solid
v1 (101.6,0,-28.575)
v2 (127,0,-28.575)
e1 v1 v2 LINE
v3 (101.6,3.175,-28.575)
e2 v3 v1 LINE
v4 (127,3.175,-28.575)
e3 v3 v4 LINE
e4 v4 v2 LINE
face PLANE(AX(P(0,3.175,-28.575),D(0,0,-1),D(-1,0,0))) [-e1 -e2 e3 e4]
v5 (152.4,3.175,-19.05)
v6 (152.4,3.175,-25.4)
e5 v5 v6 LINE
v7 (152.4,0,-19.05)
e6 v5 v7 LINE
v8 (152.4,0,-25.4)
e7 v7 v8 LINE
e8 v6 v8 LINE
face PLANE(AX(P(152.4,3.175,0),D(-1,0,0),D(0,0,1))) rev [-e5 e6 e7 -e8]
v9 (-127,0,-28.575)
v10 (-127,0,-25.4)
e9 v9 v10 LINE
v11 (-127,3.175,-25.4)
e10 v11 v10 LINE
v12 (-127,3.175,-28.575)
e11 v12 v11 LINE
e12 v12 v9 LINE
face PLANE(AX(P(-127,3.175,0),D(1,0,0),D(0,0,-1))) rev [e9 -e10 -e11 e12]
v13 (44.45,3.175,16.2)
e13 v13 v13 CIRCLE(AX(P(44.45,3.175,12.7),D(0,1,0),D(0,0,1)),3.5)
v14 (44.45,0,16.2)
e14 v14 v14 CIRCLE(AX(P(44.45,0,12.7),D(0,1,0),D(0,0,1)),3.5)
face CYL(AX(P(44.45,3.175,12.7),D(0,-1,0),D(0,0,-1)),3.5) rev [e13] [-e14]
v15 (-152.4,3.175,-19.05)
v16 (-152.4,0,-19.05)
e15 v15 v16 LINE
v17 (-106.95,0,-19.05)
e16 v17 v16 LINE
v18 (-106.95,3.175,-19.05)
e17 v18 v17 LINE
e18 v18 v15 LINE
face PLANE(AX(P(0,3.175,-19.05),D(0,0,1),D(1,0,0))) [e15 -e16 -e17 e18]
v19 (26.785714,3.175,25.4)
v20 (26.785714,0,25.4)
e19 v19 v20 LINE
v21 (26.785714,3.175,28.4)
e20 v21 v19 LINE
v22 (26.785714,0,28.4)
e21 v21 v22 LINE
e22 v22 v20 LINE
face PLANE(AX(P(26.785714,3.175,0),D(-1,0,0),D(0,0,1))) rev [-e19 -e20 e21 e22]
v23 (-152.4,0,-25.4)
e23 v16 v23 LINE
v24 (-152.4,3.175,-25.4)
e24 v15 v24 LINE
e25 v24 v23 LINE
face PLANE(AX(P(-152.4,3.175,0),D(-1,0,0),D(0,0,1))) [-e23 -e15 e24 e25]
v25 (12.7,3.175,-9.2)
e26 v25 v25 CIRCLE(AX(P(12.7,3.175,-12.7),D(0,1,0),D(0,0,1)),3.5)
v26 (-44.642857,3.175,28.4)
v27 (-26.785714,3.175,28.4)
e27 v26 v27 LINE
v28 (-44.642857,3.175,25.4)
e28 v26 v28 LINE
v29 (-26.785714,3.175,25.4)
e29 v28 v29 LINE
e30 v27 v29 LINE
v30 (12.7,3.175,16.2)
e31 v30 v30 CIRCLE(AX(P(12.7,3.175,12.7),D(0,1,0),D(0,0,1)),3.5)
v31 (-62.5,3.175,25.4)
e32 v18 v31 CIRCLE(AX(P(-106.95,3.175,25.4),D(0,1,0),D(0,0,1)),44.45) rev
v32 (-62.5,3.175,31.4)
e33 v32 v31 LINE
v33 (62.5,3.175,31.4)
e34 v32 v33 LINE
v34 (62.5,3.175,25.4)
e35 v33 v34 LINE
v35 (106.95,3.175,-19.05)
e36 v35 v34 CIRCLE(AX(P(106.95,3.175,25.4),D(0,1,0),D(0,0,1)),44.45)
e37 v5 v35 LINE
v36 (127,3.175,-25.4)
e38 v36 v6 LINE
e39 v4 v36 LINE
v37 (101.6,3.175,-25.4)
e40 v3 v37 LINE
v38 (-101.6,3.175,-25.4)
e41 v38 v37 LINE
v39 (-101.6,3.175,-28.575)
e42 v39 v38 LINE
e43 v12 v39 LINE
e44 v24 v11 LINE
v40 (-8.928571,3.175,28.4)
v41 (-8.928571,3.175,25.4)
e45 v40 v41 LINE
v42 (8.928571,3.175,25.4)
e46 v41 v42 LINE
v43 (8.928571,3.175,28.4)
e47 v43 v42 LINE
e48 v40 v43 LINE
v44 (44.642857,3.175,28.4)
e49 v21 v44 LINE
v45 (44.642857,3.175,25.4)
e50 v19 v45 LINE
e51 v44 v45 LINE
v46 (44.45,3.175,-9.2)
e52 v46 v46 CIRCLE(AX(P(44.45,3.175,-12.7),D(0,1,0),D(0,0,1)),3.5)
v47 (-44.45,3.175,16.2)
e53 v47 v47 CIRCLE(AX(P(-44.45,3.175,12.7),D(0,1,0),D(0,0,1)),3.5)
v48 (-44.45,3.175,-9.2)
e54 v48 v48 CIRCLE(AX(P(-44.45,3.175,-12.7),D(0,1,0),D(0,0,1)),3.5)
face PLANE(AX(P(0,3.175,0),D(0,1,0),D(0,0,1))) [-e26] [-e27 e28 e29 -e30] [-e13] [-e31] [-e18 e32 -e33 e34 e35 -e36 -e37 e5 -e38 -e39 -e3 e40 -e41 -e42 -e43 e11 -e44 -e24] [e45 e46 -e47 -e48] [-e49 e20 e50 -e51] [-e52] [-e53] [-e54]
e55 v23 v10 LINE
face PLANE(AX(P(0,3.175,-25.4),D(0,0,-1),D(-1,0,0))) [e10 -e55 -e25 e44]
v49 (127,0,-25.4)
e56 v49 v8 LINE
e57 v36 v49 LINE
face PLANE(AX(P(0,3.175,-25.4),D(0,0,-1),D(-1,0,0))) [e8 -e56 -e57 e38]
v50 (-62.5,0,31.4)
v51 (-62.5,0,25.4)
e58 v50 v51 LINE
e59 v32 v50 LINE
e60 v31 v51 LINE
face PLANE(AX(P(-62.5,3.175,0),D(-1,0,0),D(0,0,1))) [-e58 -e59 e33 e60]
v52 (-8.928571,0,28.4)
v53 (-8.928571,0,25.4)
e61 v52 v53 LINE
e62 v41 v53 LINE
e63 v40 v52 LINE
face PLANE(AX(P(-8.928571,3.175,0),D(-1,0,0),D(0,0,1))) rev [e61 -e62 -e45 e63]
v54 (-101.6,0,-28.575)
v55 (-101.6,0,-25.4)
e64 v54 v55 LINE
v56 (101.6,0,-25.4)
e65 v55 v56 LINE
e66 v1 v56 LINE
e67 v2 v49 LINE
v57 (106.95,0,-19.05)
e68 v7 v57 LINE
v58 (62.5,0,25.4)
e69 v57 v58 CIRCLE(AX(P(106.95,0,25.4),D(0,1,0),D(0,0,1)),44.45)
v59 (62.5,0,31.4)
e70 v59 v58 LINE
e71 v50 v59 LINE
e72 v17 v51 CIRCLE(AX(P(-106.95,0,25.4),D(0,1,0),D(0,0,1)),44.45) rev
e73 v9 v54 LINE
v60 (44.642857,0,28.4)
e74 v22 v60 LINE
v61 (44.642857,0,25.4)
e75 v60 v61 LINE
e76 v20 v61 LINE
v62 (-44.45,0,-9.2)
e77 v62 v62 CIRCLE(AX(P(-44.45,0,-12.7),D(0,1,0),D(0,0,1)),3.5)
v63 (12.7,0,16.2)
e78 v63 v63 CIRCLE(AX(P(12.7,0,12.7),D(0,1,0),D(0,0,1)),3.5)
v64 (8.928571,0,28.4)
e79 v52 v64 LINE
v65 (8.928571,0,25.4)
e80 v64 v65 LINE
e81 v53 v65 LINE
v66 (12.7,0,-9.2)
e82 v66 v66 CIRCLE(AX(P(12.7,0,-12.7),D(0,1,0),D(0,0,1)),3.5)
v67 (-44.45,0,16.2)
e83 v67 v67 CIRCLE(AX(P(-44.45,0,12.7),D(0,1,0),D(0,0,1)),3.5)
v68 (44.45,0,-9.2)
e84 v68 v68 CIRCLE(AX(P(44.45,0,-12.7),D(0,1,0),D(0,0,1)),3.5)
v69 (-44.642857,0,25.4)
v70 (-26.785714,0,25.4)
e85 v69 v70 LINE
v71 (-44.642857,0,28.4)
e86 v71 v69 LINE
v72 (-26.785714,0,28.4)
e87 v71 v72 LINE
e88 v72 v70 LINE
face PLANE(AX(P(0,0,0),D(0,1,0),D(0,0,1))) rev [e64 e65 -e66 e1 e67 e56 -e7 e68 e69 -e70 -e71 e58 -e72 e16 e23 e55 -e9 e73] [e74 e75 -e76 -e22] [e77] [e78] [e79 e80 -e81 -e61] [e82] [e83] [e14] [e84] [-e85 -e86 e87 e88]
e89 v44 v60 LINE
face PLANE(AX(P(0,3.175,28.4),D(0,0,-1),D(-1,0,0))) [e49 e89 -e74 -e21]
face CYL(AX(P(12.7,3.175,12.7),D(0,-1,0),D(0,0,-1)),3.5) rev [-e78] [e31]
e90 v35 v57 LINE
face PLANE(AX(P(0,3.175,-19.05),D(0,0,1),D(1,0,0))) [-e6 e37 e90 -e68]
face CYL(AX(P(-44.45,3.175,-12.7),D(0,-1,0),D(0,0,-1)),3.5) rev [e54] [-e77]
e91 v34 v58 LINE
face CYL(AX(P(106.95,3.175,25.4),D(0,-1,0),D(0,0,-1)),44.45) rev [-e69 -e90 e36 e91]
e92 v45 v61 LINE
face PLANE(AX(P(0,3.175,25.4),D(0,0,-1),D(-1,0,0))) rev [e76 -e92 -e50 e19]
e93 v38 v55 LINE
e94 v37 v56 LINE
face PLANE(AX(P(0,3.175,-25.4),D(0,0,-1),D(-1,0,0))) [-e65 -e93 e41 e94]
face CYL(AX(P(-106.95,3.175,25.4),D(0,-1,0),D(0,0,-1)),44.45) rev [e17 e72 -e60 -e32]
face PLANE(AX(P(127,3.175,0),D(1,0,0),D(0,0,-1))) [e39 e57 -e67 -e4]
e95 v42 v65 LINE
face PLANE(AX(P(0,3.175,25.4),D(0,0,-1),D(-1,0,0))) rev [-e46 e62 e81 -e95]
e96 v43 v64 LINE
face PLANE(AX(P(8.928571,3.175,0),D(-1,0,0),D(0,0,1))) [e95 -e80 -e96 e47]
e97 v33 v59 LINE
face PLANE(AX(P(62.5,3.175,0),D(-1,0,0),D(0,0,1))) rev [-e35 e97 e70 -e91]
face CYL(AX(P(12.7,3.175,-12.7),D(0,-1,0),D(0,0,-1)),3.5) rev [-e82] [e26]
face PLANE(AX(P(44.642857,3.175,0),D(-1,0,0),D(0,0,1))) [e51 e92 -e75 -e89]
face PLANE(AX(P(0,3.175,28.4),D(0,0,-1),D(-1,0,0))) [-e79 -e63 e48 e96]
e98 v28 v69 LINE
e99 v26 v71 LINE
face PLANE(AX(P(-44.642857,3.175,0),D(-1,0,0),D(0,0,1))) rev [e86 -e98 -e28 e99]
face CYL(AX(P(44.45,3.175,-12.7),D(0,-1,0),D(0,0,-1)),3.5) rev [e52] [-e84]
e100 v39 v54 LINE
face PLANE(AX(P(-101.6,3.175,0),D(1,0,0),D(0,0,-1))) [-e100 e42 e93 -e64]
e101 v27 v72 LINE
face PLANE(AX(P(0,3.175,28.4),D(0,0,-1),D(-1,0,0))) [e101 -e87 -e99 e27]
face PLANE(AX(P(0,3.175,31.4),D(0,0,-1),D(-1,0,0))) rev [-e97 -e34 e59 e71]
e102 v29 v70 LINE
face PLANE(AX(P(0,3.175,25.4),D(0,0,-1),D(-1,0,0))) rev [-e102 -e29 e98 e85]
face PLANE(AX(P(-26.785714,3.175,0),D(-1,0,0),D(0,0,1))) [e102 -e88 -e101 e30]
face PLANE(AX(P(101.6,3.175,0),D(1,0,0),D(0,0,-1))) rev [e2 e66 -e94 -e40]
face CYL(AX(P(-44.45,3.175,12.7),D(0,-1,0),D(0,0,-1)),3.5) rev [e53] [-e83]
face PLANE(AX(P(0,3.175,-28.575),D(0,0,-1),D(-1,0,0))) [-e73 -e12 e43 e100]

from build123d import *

# Parameters (mm, degrees)
SKETCH1_R           = 3.5
SKETCH1_W           = 25.4
SKETCH1_H           = 3.175
BOSS_EXTRUDE1_DEPTH = 3.175


with BuildPart() as part:
    # Sketch1 → Boss-Extrude1 (new body)
    with BuildSketch(Plane(origin=(0, 0, 0), x_dir=(1, 0, 0), z_dir=(0, 1, 0))):
        with BuildLine():
            Line((-152.4, 19.05), (-106.95, 19.05))
            ThreePointArc((-106.95, 19.05), (-75.519103576, 6.030896424), (-62.5, -25.4))
            Line((-62.5, -25.4), (-44.642857143, -25.4))
            Line((-44.642857143, -25.4), (-26.785714286, -25.4))
            Line((-26.785714286, -25.4), (-8.928571429, -25.4))
            Line((-8.928571429, -25.4), (8.928571429, -25.4))
            Line((8.928571429, -25.4), (26.785714286, -25.4))
            Line((26.785714286, -25.4), (44.642857143, -25.4))
            Line((44.642857143, -25.4), (62.5, -25.4))
            ThreePointArc((62.5, -25.4), (75.519103576, 6.030896424), (106.95, 19.05))
            Line((106.95, 19.05), (152.4, 19.05))
            Line((152.4, 19.05), (152.4, 25.4))
            Line((152.4, 25.4), (127, 25.4))
            Line((127, 25.4), (101.6, 25.4))
            Line((101.6, 25.4), (-101.6, 25.4))
            Line((-101.6, 25.4), (-127, 25.4))
            Line((-127, 25.4), (-152.4, 25.4))
            Line((-152.4, 25.4), (-152.4, 19.05))
        make_face()
        with Locations((-44.45, -12.7)):
            Circle(SKETCH1_R, mode=Mode.SUBTRACT)
        with Locations((12.7, -12.7)):
            Circle(SKETCH1_R, mode=Mode.SUBTRACT)
        with Locations((44.45, -12.7)):
            Circle(SKETCH1_R, mode=Mode.SUBTRACT)
        with Locations((-44.45, 12.7)):
            Circle(SKETCH1_R, mode=Mode.SUBTRACT)
        with Locations((12.7, 12.7)):
            Circle(SKETCH1_R, mode=Mode.SUBTRACT)
        with Locations((44.45, 12.7)):
            Circle(SKETCH1_R, mode=Mode.SUBTRACT)
        Polygon((-44.642857143, -25.4), (-62.5, -25.4), (-62.5, -31.4), (62.5, -31.4), (62.5, -25.4), (44.642857143, -25.4), (44.642857143, -28.4), (26.785714286, -28.4), (26.785714286, -25.4), (8.928571429, -25.4), (8.928571429, -28.4), (-8.928571429, -28.4), (-8.928571429, -25.4), (-26.785714286, -25.4), (-26.785714286, -28.4), (-44.642857143, -28.4), align=None)
        with Locations((-114.3, 26.9875)):
            Rectangle(SKETCH1_W, SKETCH1_H)
        with Locations((114.3, 26.9875)):
            Rectangle(SKETCH1_W, SKETCH1_H)
    extrude(amount=BOSS_EXTRUDE1_DEPTH)


solid = part.part
